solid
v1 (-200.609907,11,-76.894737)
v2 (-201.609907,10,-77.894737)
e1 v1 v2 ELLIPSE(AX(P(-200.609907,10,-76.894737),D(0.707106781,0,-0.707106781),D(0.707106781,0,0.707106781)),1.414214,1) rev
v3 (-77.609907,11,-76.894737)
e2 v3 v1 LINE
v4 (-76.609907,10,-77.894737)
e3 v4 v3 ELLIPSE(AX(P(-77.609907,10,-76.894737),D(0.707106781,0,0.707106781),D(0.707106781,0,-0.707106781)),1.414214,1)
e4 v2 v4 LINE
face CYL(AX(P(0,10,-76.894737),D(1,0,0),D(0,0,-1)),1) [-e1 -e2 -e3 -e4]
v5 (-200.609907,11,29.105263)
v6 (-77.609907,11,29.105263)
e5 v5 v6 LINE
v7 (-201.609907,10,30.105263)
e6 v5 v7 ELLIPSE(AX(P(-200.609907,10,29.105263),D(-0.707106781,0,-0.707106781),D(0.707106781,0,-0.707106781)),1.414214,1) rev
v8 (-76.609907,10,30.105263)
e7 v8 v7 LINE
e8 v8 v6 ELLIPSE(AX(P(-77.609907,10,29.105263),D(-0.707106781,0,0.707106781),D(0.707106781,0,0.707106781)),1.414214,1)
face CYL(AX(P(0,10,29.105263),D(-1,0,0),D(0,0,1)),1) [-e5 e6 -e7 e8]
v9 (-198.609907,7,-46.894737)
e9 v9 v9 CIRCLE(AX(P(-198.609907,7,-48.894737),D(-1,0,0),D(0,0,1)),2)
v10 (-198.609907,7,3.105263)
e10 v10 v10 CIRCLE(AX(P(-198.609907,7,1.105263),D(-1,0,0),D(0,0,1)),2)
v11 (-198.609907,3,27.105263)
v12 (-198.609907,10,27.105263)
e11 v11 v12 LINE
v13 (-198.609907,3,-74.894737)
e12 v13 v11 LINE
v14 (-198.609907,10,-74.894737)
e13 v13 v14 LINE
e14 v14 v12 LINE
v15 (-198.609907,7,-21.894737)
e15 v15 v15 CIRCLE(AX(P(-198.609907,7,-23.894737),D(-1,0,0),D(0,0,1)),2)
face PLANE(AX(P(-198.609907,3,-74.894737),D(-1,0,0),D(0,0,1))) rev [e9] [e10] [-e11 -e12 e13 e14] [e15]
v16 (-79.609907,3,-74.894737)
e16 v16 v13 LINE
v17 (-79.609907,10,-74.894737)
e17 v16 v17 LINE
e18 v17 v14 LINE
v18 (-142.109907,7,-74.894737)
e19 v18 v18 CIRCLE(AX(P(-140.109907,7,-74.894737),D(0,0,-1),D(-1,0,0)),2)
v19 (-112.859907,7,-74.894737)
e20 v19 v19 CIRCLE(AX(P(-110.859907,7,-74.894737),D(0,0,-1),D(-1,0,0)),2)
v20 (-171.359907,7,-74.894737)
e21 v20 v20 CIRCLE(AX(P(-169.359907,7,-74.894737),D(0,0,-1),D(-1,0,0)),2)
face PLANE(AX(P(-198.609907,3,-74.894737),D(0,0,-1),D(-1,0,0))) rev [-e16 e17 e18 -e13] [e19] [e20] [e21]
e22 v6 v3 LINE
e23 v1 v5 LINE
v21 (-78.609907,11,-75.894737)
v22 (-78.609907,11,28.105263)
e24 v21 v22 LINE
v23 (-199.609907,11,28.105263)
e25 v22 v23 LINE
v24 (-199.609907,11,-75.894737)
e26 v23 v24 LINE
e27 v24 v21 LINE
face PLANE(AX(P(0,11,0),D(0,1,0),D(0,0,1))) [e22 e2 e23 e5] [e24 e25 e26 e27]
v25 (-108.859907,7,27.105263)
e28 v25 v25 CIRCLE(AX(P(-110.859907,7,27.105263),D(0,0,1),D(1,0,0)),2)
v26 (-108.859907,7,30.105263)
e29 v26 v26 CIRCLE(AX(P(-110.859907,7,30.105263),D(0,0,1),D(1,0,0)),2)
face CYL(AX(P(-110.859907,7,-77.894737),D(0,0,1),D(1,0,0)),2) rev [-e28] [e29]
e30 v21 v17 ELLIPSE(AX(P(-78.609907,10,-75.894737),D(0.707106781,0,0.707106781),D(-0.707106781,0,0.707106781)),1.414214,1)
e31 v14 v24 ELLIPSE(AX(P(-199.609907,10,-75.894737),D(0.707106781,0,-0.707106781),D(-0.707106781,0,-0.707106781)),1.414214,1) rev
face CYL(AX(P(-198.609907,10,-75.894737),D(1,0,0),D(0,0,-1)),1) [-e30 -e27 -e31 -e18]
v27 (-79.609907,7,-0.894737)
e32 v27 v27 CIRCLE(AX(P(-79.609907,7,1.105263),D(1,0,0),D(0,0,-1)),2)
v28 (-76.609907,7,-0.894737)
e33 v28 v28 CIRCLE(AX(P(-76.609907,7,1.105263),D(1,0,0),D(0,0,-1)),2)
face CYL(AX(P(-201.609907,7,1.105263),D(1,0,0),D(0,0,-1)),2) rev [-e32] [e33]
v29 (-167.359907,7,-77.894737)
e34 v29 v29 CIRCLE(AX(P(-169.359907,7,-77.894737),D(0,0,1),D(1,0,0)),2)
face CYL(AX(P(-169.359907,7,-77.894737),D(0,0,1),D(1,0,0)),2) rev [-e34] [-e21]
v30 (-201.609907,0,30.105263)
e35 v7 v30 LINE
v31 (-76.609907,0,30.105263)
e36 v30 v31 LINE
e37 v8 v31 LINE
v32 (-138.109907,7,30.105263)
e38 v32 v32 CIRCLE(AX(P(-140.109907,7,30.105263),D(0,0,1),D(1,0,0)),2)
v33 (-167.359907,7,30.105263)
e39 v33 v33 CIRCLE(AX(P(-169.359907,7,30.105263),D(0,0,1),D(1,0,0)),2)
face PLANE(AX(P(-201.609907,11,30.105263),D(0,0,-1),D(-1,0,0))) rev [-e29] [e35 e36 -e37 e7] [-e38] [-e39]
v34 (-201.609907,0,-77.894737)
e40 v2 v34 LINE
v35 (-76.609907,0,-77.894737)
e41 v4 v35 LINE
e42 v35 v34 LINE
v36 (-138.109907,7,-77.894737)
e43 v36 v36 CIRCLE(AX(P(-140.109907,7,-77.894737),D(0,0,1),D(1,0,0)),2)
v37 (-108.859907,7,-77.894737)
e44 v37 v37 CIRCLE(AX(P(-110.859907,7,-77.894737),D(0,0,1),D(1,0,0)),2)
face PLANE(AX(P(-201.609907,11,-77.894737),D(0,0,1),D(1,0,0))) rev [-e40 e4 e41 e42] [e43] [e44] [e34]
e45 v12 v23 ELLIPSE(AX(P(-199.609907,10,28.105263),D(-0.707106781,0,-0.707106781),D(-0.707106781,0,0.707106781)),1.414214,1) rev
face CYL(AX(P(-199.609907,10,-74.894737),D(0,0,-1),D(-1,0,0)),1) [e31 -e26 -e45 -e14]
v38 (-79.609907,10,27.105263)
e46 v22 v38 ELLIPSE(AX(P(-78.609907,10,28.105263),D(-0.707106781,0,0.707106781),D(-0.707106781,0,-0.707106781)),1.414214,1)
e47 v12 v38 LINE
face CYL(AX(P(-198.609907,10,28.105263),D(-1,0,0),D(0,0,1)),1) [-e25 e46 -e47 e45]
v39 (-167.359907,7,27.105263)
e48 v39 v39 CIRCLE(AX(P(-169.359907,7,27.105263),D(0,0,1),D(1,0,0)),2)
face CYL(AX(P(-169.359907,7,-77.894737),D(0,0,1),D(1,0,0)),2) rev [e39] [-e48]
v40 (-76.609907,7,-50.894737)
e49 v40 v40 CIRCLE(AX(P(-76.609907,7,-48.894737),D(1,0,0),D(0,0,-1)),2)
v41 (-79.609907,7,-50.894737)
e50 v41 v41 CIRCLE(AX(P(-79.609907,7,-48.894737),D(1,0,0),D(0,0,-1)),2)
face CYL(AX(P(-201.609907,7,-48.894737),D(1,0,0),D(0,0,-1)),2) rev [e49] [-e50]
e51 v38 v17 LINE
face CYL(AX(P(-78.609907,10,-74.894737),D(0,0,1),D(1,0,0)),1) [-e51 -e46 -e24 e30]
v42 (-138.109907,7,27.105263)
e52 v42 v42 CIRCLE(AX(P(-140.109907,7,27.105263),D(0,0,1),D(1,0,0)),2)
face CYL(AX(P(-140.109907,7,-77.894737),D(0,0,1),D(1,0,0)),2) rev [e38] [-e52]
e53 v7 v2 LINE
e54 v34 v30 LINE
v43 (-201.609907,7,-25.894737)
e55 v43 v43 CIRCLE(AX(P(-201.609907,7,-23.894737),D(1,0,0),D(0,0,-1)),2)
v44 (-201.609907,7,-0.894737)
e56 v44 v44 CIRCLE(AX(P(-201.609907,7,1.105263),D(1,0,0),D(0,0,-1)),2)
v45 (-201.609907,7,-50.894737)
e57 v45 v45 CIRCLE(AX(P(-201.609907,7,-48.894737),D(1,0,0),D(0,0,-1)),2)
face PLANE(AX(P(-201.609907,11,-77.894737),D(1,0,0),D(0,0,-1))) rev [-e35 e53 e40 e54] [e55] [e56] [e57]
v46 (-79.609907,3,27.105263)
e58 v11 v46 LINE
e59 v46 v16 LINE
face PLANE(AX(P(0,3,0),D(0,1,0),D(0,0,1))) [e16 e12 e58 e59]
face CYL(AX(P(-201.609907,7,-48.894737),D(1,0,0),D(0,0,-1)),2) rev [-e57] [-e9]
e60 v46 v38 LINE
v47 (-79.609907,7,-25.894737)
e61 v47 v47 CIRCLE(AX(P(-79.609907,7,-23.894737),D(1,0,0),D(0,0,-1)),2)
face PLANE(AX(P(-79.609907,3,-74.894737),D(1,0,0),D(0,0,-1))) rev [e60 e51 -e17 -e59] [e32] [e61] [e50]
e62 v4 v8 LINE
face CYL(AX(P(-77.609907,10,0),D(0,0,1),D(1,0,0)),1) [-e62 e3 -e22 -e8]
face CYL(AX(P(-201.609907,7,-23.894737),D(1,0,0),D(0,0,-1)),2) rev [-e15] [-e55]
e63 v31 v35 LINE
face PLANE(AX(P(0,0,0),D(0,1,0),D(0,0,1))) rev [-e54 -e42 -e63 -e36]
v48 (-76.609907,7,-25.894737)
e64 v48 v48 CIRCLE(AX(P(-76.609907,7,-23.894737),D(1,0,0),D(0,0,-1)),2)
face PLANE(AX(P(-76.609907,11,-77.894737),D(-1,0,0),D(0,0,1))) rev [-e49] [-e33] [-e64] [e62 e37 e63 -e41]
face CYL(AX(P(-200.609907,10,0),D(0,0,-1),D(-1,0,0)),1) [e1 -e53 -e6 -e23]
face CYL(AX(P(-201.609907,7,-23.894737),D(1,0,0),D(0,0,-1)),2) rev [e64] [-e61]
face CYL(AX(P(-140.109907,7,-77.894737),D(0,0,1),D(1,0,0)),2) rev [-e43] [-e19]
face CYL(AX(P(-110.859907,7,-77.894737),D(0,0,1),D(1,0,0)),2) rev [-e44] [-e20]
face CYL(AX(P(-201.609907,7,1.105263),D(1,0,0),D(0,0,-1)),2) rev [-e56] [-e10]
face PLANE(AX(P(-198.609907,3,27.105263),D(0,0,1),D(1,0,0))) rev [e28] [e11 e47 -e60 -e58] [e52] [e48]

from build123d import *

# Parameters (mm, degrees)
SKETCH1_W               = 125
SKETCH1_H               = 108
BOSS_EXTRUDE1_DEPTH     = 11
SKETCH4_W               = 119
SKETCH4_H               = 102
CUT_EXTRUDE1_DEPTH      = 8
SKETCH6_R               = 2
CUT_EXTRUDE6_DEPTH      = 123
CUT_EXTRUDE6_DEPTH_BACK = 4
SKETCH5_R               = 2
CUT_EXTRUDE5_DEPTH      = 106
CUT_EXTRUDE5_DEPTH_BACK = 4
FILLET2_R               = 1


with BuildPart() as part:
    # Sketch1 → Boss-Extrude1 (new body)
    with BuildSketch(Plane(origin=(0, 0, 0), x_dir=(1, 0, 0), z_dir=(0, 1, 0))):
        with Locations((-139.109907121, 23.894736842)):
            Rectangle(SKETCH1_W, SKETCH1_H)
    extrude(amount=BOSS_EXTRUDE1_DEPTH)

    # Sketch4 → Cut-Extrude1 (cut)
    with BuildSketch(Plane(origin=(0, 11, 0), x_dir=(1, 0, 0), z_dir=(0, 1, 0))):
        with Locations((-139.109907121, 23.894736842)):
            Rectangle(SKETCH4_W, SKETCH4_H)
    extrude(amount=-CUT_EXTRUDE1_DEPTH, mode=Mode.SUBTRACT)

    # Sketch6 → Cut-Extrude6 (cut, two sides)
    with BuildSketch(Plane(origin=(-198.609907121, 0, 0), x_dir=(0, 0, -1), z_dir=(1, 0, 0))) as cut_extrude6_sk:
        with Locations((-1.105263158, 6.999999953)):
            Circle(SKETCH6_R)
        with Locations((23.894736842, 6.999999977)):
            Circle(SKETCH6_R)
        with Locations((48.894736842, 7)):
            Circle(SKETCH6_R)
    extrude(amount=CUT_EXTRUDE6_DEPTH, mode=Mode.SUBTRACT)
    extrude(cut_extrude6_sk.sketch, amount=-CUT_EXTRUDE6_DEPTH_BACK, mode=Mode.SUBTRACT)

    # Sketch5 → Cut-Extrude5 (cut, two sides)
    with BuildSketch(Plane.XY.offset(-74.894736842)) as cut_extrude5_sk:
        with Locations((-169.359907121, 7)):
            Circle(SKETCH5_R)
        with Locations((-140.109907121, 7)):
            Circle(SKETCH5_R)
        with Locations((-110.859907121, 7)):
            Circle(SKETCH5_R)
    extrude(amount=CUT_EXTRUDE5_DEPTH, mode=Mode.SUBTRACT)
    extrude(cut_extrude5_sk.sketch, amount=-CUT_EXTRUDE5_DEPTH_BACK, mode=Mode.SUBTRACT)

    # Fillet2
    fillet2_edges = [part.edges().sort_by_distance(p)[0] for p in [
        (-76.609907121, 11, -23.894736842),
        (-139.109907121, 11, -77.894736842),
        (-198.609907121, 11, -23.894736842),
        (-139.109907121, 11, 27.105263158),
        (-79.609907121, 11, -23.894736842),
        (-139.109907121, 11, -74.894736842),
        (-201.609907121, 11, -23.894736842),
        (-139.109907121, 11, 30.105263158),
    ]]
    fillet(fillet2_edges, radius=FILLET2_R)


solid = part.part
